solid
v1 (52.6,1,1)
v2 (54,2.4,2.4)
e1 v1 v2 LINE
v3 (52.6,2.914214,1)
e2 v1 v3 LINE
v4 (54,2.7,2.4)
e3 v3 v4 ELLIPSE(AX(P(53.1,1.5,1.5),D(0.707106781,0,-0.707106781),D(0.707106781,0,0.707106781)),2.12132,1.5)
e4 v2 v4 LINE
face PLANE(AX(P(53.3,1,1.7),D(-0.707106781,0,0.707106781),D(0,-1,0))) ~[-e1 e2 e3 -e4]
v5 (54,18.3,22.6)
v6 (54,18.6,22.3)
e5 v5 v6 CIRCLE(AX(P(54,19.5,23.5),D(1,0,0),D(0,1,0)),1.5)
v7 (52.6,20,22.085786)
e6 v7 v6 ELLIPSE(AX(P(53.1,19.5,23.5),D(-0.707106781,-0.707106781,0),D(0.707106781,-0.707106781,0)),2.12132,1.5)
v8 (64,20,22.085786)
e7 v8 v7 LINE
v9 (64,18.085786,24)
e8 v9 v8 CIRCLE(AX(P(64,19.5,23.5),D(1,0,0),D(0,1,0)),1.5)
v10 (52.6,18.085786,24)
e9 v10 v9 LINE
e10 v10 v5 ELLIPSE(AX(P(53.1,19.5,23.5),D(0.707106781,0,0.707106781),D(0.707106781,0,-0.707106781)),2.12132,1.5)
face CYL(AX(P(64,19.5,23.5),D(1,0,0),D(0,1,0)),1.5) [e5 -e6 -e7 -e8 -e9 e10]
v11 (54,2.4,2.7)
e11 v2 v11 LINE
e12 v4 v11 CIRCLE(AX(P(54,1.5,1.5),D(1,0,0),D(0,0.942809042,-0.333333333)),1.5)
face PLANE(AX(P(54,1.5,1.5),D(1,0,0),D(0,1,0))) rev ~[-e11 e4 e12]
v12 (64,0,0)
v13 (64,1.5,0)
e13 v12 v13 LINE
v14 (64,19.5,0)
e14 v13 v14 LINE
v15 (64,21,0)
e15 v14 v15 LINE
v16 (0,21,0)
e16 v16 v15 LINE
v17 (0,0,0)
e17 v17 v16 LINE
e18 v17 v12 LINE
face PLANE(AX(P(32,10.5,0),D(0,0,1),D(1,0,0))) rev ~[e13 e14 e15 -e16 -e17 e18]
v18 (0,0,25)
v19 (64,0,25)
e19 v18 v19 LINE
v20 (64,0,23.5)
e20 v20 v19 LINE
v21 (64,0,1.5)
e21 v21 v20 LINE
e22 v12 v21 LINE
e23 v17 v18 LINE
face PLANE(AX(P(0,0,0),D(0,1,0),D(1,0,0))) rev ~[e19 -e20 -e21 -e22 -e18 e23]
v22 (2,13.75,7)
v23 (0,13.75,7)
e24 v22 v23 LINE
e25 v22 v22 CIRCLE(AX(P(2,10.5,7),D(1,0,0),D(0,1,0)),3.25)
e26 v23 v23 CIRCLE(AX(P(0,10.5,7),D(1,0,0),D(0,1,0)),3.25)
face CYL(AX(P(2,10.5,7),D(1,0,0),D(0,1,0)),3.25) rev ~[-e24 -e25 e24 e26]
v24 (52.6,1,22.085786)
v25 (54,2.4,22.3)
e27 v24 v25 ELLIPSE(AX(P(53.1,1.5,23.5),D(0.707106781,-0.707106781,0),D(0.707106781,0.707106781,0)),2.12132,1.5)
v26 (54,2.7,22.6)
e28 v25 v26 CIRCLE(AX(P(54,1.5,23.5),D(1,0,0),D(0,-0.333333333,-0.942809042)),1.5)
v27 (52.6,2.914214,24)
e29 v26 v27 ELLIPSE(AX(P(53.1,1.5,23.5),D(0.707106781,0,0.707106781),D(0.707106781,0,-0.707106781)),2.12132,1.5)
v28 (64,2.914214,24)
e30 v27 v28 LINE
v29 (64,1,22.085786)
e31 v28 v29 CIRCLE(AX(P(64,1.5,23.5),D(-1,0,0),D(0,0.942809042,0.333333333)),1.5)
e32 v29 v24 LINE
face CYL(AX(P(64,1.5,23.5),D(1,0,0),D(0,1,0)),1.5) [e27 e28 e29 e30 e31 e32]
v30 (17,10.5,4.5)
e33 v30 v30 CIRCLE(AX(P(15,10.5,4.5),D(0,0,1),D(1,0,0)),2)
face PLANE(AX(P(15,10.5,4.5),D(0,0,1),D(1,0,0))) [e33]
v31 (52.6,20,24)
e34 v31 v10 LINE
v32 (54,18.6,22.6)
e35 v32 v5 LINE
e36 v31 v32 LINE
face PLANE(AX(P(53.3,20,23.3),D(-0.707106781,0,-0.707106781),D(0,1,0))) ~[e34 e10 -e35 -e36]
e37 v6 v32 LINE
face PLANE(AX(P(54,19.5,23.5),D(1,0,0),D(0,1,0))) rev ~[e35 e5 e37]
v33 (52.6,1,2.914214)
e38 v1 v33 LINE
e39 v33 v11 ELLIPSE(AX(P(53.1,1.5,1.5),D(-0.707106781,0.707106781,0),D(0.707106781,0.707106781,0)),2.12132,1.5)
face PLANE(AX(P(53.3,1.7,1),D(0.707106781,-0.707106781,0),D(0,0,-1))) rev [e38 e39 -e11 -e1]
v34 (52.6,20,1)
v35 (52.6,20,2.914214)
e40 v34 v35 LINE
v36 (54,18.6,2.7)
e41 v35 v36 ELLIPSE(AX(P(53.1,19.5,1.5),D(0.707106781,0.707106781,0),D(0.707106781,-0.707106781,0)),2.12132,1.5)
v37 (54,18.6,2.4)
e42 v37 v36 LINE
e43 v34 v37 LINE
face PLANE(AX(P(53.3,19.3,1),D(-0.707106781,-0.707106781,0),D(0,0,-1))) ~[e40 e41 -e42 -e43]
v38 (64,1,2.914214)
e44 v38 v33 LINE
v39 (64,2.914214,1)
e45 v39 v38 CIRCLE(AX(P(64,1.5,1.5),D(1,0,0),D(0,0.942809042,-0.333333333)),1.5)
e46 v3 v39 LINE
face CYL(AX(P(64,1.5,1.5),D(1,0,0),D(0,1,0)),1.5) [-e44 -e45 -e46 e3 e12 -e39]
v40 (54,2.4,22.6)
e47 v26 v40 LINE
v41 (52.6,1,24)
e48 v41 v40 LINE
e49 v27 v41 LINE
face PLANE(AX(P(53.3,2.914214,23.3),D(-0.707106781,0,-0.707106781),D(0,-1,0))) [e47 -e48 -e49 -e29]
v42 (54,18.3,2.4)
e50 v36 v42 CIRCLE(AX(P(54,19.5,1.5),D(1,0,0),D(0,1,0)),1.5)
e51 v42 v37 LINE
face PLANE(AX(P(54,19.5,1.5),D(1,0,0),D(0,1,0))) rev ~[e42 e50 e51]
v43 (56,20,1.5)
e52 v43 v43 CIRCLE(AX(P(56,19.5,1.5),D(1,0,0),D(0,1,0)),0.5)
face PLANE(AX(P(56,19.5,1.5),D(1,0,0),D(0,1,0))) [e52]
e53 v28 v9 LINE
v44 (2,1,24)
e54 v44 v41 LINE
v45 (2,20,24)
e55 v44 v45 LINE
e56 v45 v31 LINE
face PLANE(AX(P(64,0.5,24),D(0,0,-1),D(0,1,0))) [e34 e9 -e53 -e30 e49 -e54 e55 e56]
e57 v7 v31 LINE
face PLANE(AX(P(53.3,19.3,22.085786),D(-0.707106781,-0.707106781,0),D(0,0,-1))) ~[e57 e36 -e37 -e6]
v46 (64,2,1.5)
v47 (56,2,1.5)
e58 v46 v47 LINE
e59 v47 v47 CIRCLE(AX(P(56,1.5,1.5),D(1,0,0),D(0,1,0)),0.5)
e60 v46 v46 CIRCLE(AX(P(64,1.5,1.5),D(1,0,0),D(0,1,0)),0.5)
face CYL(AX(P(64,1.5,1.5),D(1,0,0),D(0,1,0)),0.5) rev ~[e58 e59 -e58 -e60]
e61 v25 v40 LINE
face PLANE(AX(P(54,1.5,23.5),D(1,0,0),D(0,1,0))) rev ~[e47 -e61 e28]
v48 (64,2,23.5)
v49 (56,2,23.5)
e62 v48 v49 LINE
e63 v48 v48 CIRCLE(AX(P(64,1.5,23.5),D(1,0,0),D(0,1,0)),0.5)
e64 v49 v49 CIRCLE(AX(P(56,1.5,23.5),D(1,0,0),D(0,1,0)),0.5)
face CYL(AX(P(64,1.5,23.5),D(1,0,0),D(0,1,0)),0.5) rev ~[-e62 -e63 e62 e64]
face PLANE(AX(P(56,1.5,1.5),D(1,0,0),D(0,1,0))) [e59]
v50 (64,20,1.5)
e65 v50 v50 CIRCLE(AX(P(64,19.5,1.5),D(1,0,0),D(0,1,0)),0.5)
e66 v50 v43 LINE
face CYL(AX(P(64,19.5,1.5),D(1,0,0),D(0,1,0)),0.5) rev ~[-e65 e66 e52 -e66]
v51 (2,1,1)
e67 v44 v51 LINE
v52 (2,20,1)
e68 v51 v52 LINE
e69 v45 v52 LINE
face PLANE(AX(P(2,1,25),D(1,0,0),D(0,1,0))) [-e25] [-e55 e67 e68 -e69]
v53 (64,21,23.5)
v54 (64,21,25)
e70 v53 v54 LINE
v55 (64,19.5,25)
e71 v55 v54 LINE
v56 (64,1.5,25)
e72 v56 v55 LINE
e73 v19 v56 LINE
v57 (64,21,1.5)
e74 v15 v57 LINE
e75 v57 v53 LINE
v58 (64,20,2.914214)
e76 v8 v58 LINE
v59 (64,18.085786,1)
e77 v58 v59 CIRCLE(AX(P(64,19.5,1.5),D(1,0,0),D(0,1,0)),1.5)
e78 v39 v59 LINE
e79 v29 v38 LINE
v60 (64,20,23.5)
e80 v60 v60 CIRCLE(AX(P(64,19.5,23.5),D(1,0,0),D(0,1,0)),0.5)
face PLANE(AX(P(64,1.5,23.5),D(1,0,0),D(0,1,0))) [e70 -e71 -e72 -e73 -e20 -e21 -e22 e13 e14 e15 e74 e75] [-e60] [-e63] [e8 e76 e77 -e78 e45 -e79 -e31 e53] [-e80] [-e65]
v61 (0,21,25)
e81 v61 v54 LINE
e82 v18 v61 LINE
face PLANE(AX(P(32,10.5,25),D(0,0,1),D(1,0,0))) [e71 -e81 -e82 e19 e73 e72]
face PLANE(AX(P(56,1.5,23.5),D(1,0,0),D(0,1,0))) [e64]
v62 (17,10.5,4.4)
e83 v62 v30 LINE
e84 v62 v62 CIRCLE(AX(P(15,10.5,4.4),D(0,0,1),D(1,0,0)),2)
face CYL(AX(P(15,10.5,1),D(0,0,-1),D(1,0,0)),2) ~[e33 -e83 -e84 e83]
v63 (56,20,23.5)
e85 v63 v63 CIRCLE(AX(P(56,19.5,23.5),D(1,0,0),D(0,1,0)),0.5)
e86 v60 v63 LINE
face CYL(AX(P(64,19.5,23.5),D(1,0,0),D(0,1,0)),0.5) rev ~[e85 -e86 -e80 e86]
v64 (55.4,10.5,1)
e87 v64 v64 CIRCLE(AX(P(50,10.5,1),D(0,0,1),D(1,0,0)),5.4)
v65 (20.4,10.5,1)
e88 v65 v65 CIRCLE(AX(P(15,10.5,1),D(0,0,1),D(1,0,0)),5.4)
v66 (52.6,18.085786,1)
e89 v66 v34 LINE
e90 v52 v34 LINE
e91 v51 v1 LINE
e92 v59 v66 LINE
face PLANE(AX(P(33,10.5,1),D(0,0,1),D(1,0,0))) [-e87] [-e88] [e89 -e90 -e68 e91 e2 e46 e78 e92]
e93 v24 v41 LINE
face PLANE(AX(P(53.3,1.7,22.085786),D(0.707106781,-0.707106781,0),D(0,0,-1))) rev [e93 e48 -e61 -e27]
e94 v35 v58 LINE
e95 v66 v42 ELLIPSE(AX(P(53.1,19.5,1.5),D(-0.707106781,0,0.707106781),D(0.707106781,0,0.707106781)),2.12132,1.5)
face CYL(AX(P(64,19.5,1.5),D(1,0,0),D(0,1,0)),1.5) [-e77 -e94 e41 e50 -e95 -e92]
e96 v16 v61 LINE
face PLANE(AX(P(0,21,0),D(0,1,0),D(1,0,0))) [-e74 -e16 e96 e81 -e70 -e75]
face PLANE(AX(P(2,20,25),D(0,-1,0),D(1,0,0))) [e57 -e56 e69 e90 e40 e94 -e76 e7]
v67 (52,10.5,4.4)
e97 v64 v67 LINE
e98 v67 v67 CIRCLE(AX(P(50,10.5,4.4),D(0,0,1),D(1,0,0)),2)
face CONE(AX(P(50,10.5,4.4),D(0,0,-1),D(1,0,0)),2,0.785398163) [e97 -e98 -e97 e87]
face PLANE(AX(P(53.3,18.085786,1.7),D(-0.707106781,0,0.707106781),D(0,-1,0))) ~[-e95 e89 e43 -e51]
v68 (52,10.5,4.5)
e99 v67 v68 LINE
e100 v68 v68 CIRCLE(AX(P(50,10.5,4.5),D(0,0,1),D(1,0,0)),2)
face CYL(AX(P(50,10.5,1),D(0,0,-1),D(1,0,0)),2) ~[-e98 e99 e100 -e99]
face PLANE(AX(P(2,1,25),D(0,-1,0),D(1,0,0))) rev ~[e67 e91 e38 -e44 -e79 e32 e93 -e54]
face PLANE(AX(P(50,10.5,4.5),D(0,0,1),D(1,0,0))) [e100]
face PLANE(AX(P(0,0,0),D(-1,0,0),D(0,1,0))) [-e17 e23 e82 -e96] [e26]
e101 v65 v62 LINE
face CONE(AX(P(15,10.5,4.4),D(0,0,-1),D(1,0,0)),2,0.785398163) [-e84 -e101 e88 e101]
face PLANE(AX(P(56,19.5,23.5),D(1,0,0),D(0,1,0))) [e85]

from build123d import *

# Parameters (mm, degrees)
SKETCH_W        = 64
SKETCH_H        = 21
PAD_DEPTH       = 25
SKETCH001_W     = 62
SKETCH001_H     = 19
POCKET_DEPTH    = 24
SKETCH003_R     = 3.25
POCKET001_DEPTH = 5
SKETCH004_R     = 2
PAD001_DEPTH    = 3.5
SKETCH005_W     = 20
SKETCH005_H     = 1
PAD002_DEPTH    = 63
CHAMFER_SIZE    = 3.4
SKETCH006_R     = 1.5
PAD003_DEPTH    = 10
SKETCH007_R     = 0.5
POCKET002_DEPTH = 8
CHAMFER001_SIZE = 1.4


with BuildPart() as part:
    # Sketch → Pad (new body)
    with BuildSketch(Plane.XY):
        with Locations((32, 10.5)):
            Rectangle(SKETCH_W, SKETCH_H)
    extrude(amount=PAD_DEPTH)

    # Sketch001 (on Face6 of Pad) → Pocket (cut)
    with BuildSketch(Plane.XY.offset(25)):
        with Locations((33, 10.5)):
            Rectangle(SKETCH001_W, SKETCH001_H)
    extrude(amount=-POCKET_DEPTH, mode=Mode.SUBTRACT)

    # Sketch003 (on Face10 of Pocket) → Pocket001 (cut)
    with BuildSketch(Plane.YZ.offset(2)):
        with Locations((10.5, 7)):
            Circle(SKETCH003_R)
    extrude(amount=-POCKET001_DEPTH, mode=Mode.SUBTRACT)

    # Sketch004 (on Face9 of Pocket001) → Pad001 (join)
    with BuildSketch(Plane.XY.offset(1)):
        with Locations((15, 10.5)):
            Circle(SKETCH004_R)
        with Locations((50, 10.5)):
            Circle(SKETCH004_R)
    extrude(amount=PAD001_DEPTH)

    # Sketch005 (on Face3 of Pad001) → Pad002 (join)
    with BuildSketch(Plane.YZ.offset(64)):
        with Locations((10.5, 24.5)):
            Rectangle(SKETCH005_W, SKETCH005_H)
    extrude(amount=-PAD002_DEPTH)

    # Chamfer
    chamfer_edges = [part.edges().sort_by_distance(p)[0] for p in [
        (13, 10.5, 1),
        (48, 10.5, 1),
    ]]
    chamfer(chamfer_edges, length=CHAMFER_SIZE)

    # Sketch006 (on Face5 of Chamfer) → Pad003 (join)
    with BuildSketch(Plane.YZ.offset(64)):
        with Locations((1.5, 23.5)):
            Circle(SKETCH006_R)
        with Locations((19.5, 23.5)):
            Circle(SKETCH006_R)
        with Locations((1.5, 1.5)):
            Circle(SKETCH006_R)
        with Locations((19.5, 1.5)):
            Circle(SKETCH006_R)
    extrude(amount=-PAD003_DEPTH)

    # Sketch007 → Pocket002 (cut)
    with BuildSketch(Plane.YZ.offset(64)):
        with Locations((1.5, 23.5)):
            Circle(SKETCH007_R)
        with Locations((19.5, 23.5)):
            Circle(SKETCH007_R)
        with Locations((1.5, 1.5)):
            Circle(SKETCH007_R)
        with Locations((19.5, 1.5)):
            Circle(SKETCH007_R)
    extrude(amount=-POCKET002_DEPTH, mode=Mode.SUBTRACT)

    # Chamfer001
    chamfer001_edges = [part.edges().sort_by_distance(p)[0] for p in [
        (54, 1.957107, 1),
        (54, 1, 1.957107),
        (54, 20, 1.957107),
        (54, 19.042893, 1),
        (54, 1, 23.042893),
        (54, 1.957107, 24),
        (54, 19.042893, 24),
        (54, 20, 23.042893),
    ]]
    chamfer(chamfer001_edges, length=CHAMFER001_SIZE)


solid = part.part
